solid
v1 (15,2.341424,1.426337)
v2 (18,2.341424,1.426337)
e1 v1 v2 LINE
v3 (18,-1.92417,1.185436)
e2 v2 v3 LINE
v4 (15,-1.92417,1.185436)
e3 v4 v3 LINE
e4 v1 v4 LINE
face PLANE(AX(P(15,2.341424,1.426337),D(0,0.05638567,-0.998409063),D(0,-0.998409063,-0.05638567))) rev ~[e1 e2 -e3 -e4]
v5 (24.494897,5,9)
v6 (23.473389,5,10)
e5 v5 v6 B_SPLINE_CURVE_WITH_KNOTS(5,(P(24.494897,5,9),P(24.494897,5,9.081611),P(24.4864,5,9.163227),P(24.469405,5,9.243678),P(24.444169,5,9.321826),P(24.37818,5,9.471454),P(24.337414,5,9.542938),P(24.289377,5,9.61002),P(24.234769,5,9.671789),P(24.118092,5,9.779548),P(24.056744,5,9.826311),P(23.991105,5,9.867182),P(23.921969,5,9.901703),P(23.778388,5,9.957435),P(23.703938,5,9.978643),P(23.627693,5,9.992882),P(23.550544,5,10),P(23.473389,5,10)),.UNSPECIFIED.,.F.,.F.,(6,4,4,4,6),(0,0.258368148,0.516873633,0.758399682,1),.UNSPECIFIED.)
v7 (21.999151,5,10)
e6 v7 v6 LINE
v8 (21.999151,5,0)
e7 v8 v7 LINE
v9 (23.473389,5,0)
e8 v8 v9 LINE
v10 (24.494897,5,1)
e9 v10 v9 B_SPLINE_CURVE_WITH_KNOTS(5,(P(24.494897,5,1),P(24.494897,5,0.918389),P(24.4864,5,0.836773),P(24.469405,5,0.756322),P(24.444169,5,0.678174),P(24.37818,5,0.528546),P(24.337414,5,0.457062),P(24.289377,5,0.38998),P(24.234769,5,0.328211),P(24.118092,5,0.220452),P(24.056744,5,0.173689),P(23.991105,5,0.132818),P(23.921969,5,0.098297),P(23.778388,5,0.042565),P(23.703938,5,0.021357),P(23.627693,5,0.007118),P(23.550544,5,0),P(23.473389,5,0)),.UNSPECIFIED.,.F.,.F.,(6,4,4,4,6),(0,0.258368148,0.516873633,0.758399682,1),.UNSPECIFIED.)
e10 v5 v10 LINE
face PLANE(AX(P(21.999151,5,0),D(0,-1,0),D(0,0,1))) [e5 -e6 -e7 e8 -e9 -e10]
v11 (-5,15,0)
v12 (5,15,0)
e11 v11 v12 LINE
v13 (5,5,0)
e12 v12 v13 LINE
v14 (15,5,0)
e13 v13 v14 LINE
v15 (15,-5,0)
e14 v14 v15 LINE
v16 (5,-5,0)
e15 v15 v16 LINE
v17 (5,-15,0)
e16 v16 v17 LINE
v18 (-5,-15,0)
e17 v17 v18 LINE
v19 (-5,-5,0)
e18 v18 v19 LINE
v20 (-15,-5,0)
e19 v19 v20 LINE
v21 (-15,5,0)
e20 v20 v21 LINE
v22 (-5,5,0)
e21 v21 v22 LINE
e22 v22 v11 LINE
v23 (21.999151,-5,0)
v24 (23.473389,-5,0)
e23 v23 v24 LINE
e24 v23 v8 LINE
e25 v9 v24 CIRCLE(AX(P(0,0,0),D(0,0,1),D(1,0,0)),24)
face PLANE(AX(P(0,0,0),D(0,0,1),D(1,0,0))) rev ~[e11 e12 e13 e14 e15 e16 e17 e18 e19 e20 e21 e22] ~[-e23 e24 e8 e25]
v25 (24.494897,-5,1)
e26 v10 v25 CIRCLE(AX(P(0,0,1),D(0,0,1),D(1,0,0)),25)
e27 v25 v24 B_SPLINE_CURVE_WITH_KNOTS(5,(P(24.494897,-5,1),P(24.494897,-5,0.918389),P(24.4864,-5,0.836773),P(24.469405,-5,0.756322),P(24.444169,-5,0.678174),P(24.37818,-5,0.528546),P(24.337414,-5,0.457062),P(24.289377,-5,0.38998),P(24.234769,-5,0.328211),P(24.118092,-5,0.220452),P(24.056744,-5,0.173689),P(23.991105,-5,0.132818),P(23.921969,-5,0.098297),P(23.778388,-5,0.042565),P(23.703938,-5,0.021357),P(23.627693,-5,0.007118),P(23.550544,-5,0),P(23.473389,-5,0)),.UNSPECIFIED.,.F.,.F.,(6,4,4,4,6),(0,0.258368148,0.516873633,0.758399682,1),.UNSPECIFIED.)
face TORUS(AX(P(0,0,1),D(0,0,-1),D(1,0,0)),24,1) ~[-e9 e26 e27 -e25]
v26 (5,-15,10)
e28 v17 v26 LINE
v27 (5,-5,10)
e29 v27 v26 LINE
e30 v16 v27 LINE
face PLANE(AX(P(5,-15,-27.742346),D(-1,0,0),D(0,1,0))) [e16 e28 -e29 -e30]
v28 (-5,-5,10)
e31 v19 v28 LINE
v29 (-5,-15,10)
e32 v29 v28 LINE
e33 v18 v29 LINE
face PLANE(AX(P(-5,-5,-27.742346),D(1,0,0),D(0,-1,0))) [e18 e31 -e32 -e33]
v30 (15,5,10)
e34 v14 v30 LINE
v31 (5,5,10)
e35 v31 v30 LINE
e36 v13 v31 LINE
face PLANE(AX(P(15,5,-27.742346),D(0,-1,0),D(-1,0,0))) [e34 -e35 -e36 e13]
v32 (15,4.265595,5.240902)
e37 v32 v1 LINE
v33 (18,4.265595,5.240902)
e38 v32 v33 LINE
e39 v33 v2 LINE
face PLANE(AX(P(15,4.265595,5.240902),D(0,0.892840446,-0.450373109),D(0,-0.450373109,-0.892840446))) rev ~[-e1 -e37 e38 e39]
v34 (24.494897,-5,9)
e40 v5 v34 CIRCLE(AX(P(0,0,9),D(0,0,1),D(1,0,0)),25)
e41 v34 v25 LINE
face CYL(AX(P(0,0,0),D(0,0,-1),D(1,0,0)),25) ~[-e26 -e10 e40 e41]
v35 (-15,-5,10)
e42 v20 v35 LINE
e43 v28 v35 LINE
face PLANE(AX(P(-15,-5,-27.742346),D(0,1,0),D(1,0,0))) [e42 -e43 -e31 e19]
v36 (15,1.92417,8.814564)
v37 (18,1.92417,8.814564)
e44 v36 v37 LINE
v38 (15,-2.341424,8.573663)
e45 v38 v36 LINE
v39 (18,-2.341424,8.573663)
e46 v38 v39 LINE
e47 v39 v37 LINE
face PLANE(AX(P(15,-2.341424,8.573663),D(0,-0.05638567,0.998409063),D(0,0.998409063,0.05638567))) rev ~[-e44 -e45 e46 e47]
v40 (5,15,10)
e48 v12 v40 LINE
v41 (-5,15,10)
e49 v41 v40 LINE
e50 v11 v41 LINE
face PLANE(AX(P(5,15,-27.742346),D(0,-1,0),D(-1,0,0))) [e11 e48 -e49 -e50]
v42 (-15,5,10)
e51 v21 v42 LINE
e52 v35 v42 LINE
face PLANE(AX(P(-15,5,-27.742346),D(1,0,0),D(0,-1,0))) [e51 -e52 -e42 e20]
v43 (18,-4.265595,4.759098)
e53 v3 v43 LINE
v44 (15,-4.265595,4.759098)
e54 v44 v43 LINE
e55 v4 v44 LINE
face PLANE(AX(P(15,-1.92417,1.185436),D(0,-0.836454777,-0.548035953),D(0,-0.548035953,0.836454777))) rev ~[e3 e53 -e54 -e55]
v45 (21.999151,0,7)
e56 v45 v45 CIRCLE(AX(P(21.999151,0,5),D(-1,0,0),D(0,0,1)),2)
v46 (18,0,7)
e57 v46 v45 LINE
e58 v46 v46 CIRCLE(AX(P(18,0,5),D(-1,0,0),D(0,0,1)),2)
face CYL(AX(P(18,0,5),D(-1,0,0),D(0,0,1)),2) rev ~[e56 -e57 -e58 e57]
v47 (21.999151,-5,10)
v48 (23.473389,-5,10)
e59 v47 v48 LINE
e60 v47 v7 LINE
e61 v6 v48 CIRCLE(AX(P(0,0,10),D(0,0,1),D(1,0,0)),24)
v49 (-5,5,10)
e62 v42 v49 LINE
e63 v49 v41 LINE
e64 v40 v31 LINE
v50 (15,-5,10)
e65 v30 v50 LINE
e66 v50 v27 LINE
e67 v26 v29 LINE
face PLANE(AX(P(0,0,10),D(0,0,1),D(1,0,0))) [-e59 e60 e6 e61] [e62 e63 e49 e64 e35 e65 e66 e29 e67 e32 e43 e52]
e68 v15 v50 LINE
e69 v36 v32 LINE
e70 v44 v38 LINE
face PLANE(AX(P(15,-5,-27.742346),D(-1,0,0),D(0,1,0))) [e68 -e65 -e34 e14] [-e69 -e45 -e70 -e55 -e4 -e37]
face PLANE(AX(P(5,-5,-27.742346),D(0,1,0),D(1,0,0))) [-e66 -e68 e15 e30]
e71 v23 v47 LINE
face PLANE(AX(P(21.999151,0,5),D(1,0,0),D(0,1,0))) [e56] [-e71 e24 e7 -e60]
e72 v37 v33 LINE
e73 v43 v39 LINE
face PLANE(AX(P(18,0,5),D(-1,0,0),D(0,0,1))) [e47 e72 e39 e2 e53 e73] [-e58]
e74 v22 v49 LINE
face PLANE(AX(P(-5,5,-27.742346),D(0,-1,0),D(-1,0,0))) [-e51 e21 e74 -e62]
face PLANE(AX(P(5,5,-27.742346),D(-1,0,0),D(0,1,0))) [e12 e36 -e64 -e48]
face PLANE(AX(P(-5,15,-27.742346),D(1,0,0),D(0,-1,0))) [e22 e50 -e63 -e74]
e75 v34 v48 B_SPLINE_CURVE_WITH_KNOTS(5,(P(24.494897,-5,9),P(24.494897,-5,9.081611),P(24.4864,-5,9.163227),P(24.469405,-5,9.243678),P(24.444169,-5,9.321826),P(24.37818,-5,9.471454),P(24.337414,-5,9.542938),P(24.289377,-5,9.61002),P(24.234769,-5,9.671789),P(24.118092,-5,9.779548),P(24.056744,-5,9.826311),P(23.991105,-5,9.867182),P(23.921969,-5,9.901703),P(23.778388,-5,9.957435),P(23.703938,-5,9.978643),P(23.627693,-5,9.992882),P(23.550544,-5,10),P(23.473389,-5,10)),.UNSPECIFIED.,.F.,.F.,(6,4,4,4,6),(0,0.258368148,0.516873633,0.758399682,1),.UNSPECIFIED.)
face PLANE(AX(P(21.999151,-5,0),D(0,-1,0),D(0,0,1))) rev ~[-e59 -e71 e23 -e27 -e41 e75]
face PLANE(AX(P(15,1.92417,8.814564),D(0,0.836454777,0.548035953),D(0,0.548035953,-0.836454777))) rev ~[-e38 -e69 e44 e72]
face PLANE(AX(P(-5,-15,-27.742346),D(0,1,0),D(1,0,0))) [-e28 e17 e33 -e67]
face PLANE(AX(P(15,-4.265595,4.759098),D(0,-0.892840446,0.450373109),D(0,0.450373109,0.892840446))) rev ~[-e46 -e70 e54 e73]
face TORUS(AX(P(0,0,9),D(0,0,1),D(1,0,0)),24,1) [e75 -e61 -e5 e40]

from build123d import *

# Parameters (mm, degrees)
SKETCH1_R               = 25
BOSS_EXTRUDE1_DEPTH     = 10
CUT_EXTRUDE1_DEPTH      = 37.742346142
CUT_EXTRUDE1_DEPTH_BACK = 37.742346142
CUT_EXTRUDE2_DEPTH      = 3
SKETCH5_R               = 2
CUT_EXTRUDE4_DEPTH      = 13
FILLET1_R               = 1
CUT_EXTRUDE6_DEPTH      = 3
CUT_EXTRUDE6_DEPTH_BACK = 3
SKETCH6_W               = 10
SKETCH6_H               = 10


with BuildPart() as part:
    # Sketch1 → Boss-Extrude1 (new body)
    with BuildSketch(Plane.XY):
        Circle(SKETCH1_R)
    extrude(amount=BOSS_EXTRUDE1_DEPTH)

    # Sketch2 → Cut-Extrude1 (cut, two sides: drawn at the far end of the back side and taken through both)
    with BuildSketch(Plane.XY.offset(10).offset(-CUT_EXTRUDE1_DEPTH_BACK)):
        Polygon((5, -5), (15, -5), (15, 5), (5, 5), (5, 15), (-5, 15), (-5, 5), (-15, 5), (-15, -5), (-5, -5), (-5, -15), (5, -15), align=None)
    extrude(amount=CUT_EXTRUDE1_DEPTH + CUT_EXTRUDE1_DEPTH_BACK, mode=Mode.SUBTRACT)

    # Sketch4 → Cut-Extrude2 (cut)
    with BuildSketch(Plane.ZY.offset(-15)):
        Polygon((4.759098318, -4.265594884), (8.57366269, -2.341424419), (8.814564373, 1.924170465), (5.240901682, 4.265594884), (1.42633731, 2.341424419), (1.185435627, -1.924170465), align=None)
    extrude(amount=-CUT_EXTRUDE2_DEPTH, mode=Mode.SUBTRACT)

    # Sketch5 → Cut-Extrude4 (cut)
    with BuildSketch(Plane.ZY.offset(-18)):
        with Locations((5, 0)):
            Circle(SKETCH5_R)
    extrude(amount=-CUT_EXTRUDE4_DEPTH, mode=Mode.SUBTRACT)

    # Fillet1
    fillet1_edges = [part.edges().sort_by_distance(p)[0] for p in [
        (-25, 0, 0),
        (-25, 0, 10),
    ]]
    fillet(fillet1_edges, radius=FILLET1_R)

    # Sketch6 → Cut-Extrude6 (cut, two sides: drawn at the far end of the back side and taken through both)
    with BuildSketch(Plane.YZ.offset(24.999151456).offset(-CUT_EXTRUDE6_DEPTH_BACK)):
        with Locations((0, 5)):
            Rectangle(SKETCH6_W, SKETCH6_H)
    extrude(amount=CUT_EXTRUDE6_DEPTH + CUT_EXTRUDE6_DEPTH_BACK, mode=Mode.SUBTRACT)


solid = part.part
